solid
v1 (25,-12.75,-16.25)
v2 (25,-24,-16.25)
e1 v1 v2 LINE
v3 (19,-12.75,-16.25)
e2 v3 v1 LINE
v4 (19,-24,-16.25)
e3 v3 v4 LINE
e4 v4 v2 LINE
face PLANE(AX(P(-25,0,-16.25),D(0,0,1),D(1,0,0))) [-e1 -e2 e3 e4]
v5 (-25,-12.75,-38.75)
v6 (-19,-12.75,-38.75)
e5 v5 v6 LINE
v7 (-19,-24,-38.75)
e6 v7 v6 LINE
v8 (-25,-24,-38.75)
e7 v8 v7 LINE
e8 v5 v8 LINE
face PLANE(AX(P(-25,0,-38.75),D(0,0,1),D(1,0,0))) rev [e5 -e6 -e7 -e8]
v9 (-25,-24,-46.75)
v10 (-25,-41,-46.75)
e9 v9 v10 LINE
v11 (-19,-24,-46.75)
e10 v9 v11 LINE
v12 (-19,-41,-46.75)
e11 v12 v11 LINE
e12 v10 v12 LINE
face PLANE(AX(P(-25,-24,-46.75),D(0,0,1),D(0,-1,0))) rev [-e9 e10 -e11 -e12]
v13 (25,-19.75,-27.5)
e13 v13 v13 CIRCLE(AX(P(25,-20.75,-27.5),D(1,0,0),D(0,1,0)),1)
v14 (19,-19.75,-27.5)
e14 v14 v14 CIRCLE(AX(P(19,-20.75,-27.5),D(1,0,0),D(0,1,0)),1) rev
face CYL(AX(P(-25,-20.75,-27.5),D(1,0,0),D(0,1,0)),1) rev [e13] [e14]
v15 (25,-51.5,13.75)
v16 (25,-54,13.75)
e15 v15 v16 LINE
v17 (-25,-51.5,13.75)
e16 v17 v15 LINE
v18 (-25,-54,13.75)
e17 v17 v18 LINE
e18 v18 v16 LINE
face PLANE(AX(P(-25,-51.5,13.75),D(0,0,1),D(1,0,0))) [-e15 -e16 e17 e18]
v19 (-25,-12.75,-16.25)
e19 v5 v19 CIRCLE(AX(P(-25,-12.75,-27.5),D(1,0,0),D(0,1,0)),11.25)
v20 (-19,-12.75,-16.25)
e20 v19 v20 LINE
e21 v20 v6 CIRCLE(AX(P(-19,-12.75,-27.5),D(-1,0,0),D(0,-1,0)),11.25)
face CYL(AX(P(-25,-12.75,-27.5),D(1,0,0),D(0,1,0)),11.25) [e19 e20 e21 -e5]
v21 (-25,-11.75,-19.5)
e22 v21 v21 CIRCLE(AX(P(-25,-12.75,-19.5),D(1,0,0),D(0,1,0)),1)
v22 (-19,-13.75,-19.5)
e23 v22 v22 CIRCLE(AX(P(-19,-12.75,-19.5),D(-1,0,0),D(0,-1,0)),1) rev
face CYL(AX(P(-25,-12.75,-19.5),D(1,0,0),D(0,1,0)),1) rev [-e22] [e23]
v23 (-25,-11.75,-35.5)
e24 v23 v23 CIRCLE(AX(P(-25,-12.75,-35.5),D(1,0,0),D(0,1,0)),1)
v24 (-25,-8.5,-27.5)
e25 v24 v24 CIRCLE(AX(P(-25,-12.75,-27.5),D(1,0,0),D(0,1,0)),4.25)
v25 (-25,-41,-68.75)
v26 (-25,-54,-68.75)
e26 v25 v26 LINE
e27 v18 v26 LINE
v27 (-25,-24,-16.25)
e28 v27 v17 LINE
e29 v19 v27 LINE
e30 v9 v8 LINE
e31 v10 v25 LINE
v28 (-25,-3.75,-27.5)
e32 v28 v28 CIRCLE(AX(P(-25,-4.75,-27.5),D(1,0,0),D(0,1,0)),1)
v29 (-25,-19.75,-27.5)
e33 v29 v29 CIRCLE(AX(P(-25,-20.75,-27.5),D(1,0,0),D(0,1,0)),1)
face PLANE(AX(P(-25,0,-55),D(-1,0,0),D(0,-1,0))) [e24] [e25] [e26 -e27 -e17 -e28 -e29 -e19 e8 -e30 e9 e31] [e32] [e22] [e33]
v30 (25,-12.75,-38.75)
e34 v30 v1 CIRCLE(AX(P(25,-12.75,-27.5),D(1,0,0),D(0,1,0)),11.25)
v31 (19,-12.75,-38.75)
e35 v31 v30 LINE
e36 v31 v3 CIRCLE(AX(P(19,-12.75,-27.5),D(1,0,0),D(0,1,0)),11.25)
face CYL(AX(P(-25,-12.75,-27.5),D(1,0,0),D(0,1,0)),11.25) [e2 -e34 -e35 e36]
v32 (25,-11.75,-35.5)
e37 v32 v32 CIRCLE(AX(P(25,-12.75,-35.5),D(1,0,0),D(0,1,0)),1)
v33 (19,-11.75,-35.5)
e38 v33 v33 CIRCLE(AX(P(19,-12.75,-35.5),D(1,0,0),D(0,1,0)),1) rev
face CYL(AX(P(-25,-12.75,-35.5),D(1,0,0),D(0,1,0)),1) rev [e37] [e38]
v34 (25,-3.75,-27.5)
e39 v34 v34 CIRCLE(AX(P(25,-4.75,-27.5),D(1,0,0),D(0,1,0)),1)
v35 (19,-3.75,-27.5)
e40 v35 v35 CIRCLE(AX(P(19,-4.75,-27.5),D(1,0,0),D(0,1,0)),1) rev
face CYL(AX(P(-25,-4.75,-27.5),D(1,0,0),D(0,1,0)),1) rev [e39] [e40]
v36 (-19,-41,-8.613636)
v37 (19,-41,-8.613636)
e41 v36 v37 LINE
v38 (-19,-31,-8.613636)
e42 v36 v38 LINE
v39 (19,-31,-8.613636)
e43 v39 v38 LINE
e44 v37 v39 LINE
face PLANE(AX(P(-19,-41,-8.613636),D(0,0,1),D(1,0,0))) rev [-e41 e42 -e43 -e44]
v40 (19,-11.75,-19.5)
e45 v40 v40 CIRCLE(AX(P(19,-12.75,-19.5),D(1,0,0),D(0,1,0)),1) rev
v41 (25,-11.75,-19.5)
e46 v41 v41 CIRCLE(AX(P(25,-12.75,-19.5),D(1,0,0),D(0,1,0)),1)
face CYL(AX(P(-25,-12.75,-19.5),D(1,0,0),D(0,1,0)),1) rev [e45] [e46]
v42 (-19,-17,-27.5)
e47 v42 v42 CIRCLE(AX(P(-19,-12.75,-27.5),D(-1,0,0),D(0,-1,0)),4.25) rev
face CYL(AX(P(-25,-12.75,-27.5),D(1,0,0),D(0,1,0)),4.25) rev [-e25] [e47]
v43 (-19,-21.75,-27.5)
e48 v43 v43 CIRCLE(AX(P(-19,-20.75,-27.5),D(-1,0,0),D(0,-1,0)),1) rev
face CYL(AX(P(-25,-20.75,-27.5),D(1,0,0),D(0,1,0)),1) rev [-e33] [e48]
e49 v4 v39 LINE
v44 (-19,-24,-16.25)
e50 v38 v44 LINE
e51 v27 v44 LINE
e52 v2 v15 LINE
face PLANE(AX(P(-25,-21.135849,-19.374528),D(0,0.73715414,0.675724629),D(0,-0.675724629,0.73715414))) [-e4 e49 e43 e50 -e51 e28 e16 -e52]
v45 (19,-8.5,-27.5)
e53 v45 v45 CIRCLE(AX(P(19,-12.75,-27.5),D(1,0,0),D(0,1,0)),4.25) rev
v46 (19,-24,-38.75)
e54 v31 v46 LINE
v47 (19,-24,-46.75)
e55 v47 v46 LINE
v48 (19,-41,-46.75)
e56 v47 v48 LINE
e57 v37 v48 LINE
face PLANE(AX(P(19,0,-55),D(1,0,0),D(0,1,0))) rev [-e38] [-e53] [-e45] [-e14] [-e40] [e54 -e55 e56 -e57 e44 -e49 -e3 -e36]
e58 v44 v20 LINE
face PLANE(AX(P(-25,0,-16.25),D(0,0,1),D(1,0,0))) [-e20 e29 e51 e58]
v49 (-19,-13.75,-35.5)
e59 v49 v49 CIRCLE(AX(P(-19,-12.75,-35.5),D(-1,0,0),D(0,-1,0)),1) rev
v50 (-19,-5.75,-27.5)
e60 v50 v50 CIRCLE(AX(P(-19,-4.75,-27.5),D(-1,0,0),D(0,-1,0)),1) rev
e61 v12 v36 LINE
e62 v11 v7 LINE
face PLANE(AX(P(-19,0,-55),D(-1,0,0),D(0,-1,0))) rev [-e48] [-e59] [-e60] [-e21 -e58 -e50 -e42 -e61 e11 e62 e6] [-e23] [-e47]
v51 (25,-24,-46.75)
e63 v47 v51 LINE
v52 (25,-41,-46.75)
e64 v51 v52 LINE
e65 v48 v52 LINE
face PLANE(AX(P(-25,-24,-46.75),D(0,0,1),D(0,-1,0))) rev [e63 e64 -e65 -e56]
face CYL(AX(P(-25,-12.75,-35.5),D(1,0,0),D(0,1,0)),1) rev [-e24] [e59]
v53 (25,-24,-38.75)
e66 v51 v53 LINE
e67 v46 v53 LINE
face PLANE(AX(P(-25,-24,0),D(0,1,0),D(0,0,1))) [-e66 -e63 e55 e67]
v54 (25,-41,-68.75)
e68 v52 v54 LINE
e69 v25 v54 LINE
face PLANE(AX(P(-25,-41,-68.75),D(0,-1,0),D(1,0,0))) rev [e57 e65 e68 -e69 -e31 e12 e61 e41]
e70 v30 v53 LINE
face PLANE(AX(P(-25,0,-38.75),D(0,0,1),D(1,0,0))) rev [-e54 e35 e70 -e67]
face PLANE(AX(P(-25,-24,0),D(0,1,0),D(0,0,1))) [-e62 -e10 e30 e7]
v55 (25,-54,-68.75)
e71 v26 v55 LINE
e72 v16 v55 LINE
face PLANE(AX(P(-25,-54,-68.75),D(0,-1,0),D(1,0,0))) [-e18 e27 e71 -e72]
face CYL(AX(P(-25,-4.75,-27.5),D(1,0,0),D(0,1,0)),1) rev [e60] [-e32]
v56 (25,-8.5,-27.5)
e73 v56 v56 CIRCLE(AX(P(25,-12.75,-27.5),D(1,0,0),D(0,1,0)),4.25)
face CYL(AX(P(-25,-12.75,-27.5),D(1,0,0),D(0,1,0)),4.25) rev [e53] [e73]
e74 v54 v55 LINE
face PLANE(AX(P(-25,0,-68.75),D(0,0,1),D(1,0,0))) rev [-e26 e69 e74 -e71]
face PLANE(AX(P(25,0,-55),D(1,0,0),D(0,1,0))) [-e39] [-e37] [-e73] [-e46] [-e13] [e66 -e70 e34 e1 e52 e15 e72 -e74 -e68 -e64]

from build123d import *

# Parameters (mm, degrees)
SKETCH1_W           = 50
SKETCH1_H           = 170
BOSS_EXTRUDE1_DEPTH = 55
SKETCH2_W           = 34
SKETCH2_H           = 27
CUT_EXTRUDE1_DEPTH  = 181.416185527
SKETCH3_W           = 10
SKETCH3_H           = 24
SKETCH3_R           = 4.25
SKETCH3_R_2         = 1
CUT_EXTRUDE2_DEPTH  = 186.539753153
SKETCH4_W           = 2
SKETCH4_H           = 24
CUT_EXTRUDE3_DEPTH  = 178.623196683
SKETCH5_W           = 6.25
SKETCH5_H           = 11.25
CUT_EXTRUDE4_DEPTH  = 186.539753153
SKETCH6_W           = 38
SKETCH6_H           = 10
CUT_EXTRUDE5_DEPTH  = 181.416185527
SKETCH8_W           = 13.25
SKETCH8_H           = 2.25
CUT_EXTRUDE7_DEPTH  = 186.539753153
SKETCH9_W           = 34
SKETCH9_H           = 35.25
CUT_EXTRUDE8_DEPTH  = 179.297679458
SKETCH11_W          = 13.25
SKETCH11_H          = 20.25
CUT_EXTRUDE9_DEPTH  = 184.480414486
SKETCH12_W          = 28.5
SKETCH12_H          = 15
BOSS_EXTRUDE2_DEPTH = 8
SKETCH14_W          = 34
SKETCH14_H          = 15
SKETCH14_H_2        = 10.25
BOSS_EXTRUDE3_DEPTH = 13.25
SKETCH16_R          = 4.5
SKETCH16_R_2        = 2.5
CUT_EXTRUDE13_DEPTH = 8
SKETCH17_R          = 4.5
SKETCH17_W          = 55
SKETCH17_H          = 10.25
CUT_EXTRUDE15_DEPTH = 175.384811552
SKETCH18_W          = 71.25
SKETCH18_H          = 27.5
SKETCH18_W_2        = 13.75
SKETCH18_W_3        = 16.25
BOSS_EXTRUDE4_DEPTH = 50
SKETCH19_W          = 38
SKETCH19_H          = 7
CUT_EXTRUDE16_DEPTH = 152.25227271
SKETCH20_W          = 57.5
SKETCH20_H          = 27.5
CUT_EXTRUDE17_DEPTH = 102.137591923
CUT_EXTRUDE18_DEPTH = 100.39221549
SKETCH22_W          = 82.5
SKETCH22_H          = 2.5
BOSS_EXTRUDE5_DEPTH = 50
SKETCH24_W          = 22
SKETCH24_H          = 17
CUT_EXTRUDE19_DEPTH = 101.710289941
SKETCH25_W          = 38
SKETCH25_H          = 38.136363636
CUT_EXTRUDE20_DEPTH = 10


with BuildPart() as part:
    # Sketch1 → Boss-Extrude1 (new body)
    with BuildSketch(Plane.XY):
        with Locations((0, -85)):
            Rectangle(SKETCH1_W, SKETCH1_H)
    extrude(amount=-BOSS_EXTRUDE1_DEPTH)

    # Sketch2 → Cut-Extrude1 (cut, through all)
    with BuildSketch(Plane.XY):
        with Locations((0, -13.5)):
            Rectangle(SKETCH2_W, SKETCH2_H)
    extrude(amount=-CUT_EXTRUDE1_DEPTH, mode=Mode.SUBTRACT)

    # Sketch3 → Cut-Extrude2 (cut, through all)
    with BuildSketch(Plane(origin=(25, 0, 0), x_dir=(0, 0, -1), z_dir=(1, 0, 0))):
        with Locations((50, -12)):
            Rectangle(SKETCH3_W, SKETCH3_H)
        with Locations((5, -12)):
            Rectangle(SKETCH3_W, SKETCH3_H)
        with Locations(Location((27.5, -12.75, 0), (0, 0, 90))):
            Circle(SKETCH3_R)
        with Locations(Location((35.5, -12.75, 0), (0, 0, 90))):
            Circle(SKETCH3_R_2)
        with Locations(Location((27.5, -4.75, 0), (0, 0, 90))):
            Circle(SKETCH3_R_2)
        with Locations(Location((27.5, -20.75, 0), (0, 0, 90))):
            Circle(SKETCH3_R_2)
        with Locations(Location((19.5, -12.75, 0), (0, 0, 90))):
            Circle(SKETCH3_R_2)
    extrude(amount=-CUT_EXTRUDE2_DEPTH, mode=Mode.SUBTRACT)

    # Sketch4 → Cut-Extrude3 (cut, through all)
    with BuildSketch(Plane.XY.offset(-10)):
        with Locations((-18, -12)):
            Rectangle(SKETCH4_W, SKETCH4_H)
        with Locations((18, -12)):
            Rectangle(SKETCH4_W, SKETCH4_H)
    extrude(amount=-CUT_EXTRUDE3_DEPTH, mode=Mode.SUBTRACT)

    # Sketch5 → Cut-Extrude4 (cut, through all)
    with BuildSketch(Plane(origin=(25, 0, 0), x_dir=(0, 0, -1), z_dir=(1, 0, 0))):
        with BuildLine():
            Line((45, 0), (10, 0))
            Line((10, 0), (10, -12.75))
            Line((10, -12.75), (16.25, -12.75))
            ThreePointArc((16.25, -12.75), (27.5, -1.5), (38.75, -12.75))
            Line((38.75, -12.75), (45, -12.75))
            Line((45, -12.75), (45, 0))
        make_face()
        with Locations((13.125, -18.375)):
            Rectangle(SKETCH5_W, SKETCH5_H)
        with Locations((41.875, -18.375)):
            Rectangle(SKETCH5_W, SKETCH5_H)
    extrude(amount=-CUT_EXTRUDE4_DEPTH, mode=Mode.SUBTRACT)

    # Sketch6 → Cut-Extrude5 (cut, through all)
    with BuildSketch(Plane.XY):
        with Locations((0, -29)):
            Rectangle(SKETCH6_W, SKETCH6_H)
    extrude(amount=-CUT_EXTRUDE5_DEPTH, mode=Mode.SUBTRACT)

    # Sketch8 → Cut-Extrude7 (cut, through all)
    with BuildSketch(Plane(origin=(25, 0, 0), x_dir=(0, 0, -1), z_dir=(1, 0, 0))):
        with BuildLine():
            Line((27.5, -157.5), (27.5, -132.5))
            Line((27.5, -132.5), (13.25, -132.5))
            Line((13.25, -132.5), (13.25, -167.75))
            Line((13.25, -167.75), (17.25, -167.75))
            ThreePointArc((17.25, -167.75), (20.252155493, -160.502155493), (27.5, -157.5))
        make_face()
        with BuildLine():
            Line((41.75, -167.75), (41.75, -132.5))
            Line((41.75, -132.5), (27.5, -132.5))
            Line((27.5, -132.5), (27.5, -157.5))
            ThreePointArc((27.5, -157.5), (34.747844507, -160.502155493), (37.75, -167.75))
            Line((37.75, -167.75), (41.75, -167.75))
        make_face()
        with Locations((48.375, -168.875)):
            Rectangle(SKETCH8_W, SKETCH8_H)
        with Locations((6.625, -168.875)):
            Rectangle(SKETCH8_W, SKETCH8_H)
        with BuildLine():
            Line((17.25, -167.75), (13.25, -167.75))
            Line((13.25, -167.75), (13.25, -170))
            Line((13.25, -170), (17.5, -170))
            ThreePointArc((17.5, -170), (17.31269172, -168.881923142), (17.25, -167.75))
        make_face()
        with BuildLine():
            Line((41.75, -170), (41.75, -167.75))
            Line((41.75, -167.75), (37.75, -167.75))
            ThreePointArc((37.75, -167.75), (37.68730828, -168.881923142), (37.5, -170))
            Line((37.5, -170), (41.75, -170))
        make_face()
        with BuildLine():
            Line((27.5, -167.75), (27.5, -157.5))
            ThreePointArc((27.5, -157.5), (20.252155493, -160.502155493), (17.25, -167.75))
            Line((17.25, -167.75), (27.5, -167.75))
        make_face()
        with BuildLine():
            ThreePointArc((37.75, -167.75), (34.747844507, -160.502155493), (27.5, -157.5))
            Line((27.5, -157.5), (27.5, -167.75))
            Line((27.5, -167.75), (37.75, -167.75))
        make_face()
        with BuildLine():
            Line((27.5, -170), (27.5, -167.75))
            Line((27.5, -167.75), (17.25, -167.75))
            ThreePointArc((17.25, -167.75), (17.31269172, -168.881923142), (17.5, -170))
            Line((17.5, -170), (27.5, -170))
        make_face()
        with BuildLine():
            ThreePointArc((37.5, -170), (37.68730828, -168.881923142), (37.75, -167.75))
            Line((37.75, -167.75), (27.5, -167.75))
            Line((27.5, -167.75), (27.5, -170))
            Line((27.5, -170), (37.5, -170))
        make_face()
    extrude(amount=-CUT_EXTRUDE7_DEPTH, mode=Mode.SUBTRACT)

    # Sketch9 → Cut-Extrude8 (cut, through all)
    with BuildSketch(Plane.XY):
        with Locations((0, -150.125)):
            Rectangle(SKETCH9_W, SKETCH9_H)
    extrude(amount=-CUT_EXTRUDE8_DEPTH, mode=Mode.SUBTRACT)

    # Sketch11 → Cut-Extrude9 (cut, through all)
    with BuildSketch(Plane(origin=(25, 0, 0), x_dir=(0, 0, -1), z_dir=(1, 0, 0))):
        with BuildLine():
            ThreePointArc((17.25, -167.75), (20.252155493, -160.502155493), (27.5, -157.5))
            Line((27.5, -157.5), (27.5, -147.5))
            Line((27.5, -147.5), (13.25, -147.5))
            Line((13.25, -147.5), (13.25, -167.75))
            Line((13.25, -167.75), (17.25, -167.75))
        make_face()
        with BuildLine():
            Line((27.5, -147.5), (27.5, -157.5))
            ThreePointArc((27.5, -157.5), (34.747844507, -160.502155493), (37.75, -167.75))
            Line((37.75, -167.75), (41.75, -167.75))
            Line((41.75, -167.75), (41.75, -147.5))
            Line((41.75, -147.5), (27.5, -147.5))
        make_face()
        with Locations((48.375, -157.625)):
            Rectangle(SKETCH11_W, SKETCH11_H)
        with Locations((6.625, -157.625)):
            Rectangle(SKETCH11_W, SKETCH11_H)
    extrude(amount=-CUT_EXTRUDE9_DEPTH, mode=Mode.SUBTRACT)

    # Sketch12 → Boss-Extrude2 (add)
    with BuildSketch(Plane(origin=(25, 0, 0), x_dir=(0, 0, -1), z_dir=(1, 0, 0))):
        with Locations((27.5, -140)):
            Rectangle(SKETCH12_W, SKETCH12_H)
    boss_extrude2 = extrude(amount=-BOSS_EXTRUDE2_DEPTH)

    # Mirror1: Boss-Extrude2 across plane
    add(boss_extrude2.mirror(Plane(origin=(0, 0, 0), x_dir=(0, 0, 1), z_dir=(1, 0, 0))))

    # Sketch14 → Boss-Extrude3 (add)
    with BuildSketch(Plane.XY):
        with Locations((0, -140)):
            Rectangle(SKETCH14_W, SKETCH14_H)
        with Locations((0, -152.625)):
            Rectangle(SKETCH14_W, SKETCH14_H_2)
    boss_extrude3 = extrude(amount=-BOSS_EXTRUDE3_DEPTH)

    # Mirror2: Boss-Extrude3 across plane
    add(boss_extrude3.mirror(Plane.XY.offset(-27.5)))

    # Sketch16 → Cut-Extrude13 (cut)
    # profile 1 of 3: a face of its own
    with BuildSketch(Plane(origin=(25, 0, 0), x_dir=(0, 0, -1), z_dir=(1, 0, 0))):
        with Locations(Location((16.5, -135.75, 0), (0, 0, 90))):
            Circle(SKETCH16_R)
        with Locations((16.5, -135.75)):
            Circle(SKETCH16_R_2, mode=Mode.SUBTRACT)
    # profile 2 of 3: a face of its own
    with BuildSketch(Plane(origin=(25, 0, 0), x_dir=(0, 0, -1), z_dir=(1, 0, 0))):
        with Locations((16.5, -135.75)):
            Circle(SKETCH16_R_2)
    # profile 3 of 3: a face of its own
    with BuildSketch(Plane(origin=(25, 0, 0), x_dir=(0, 0, -1), z_dir=(1, 0, 0))):
        with Locations(Location((38.5, -135.75, 0), (0, 0, 90))):
            Circle(SKETCH16_R)
    cut_extrude13 = extrude(amount=-CUT_EXTRUDE13_DEPTH, mode=Mode.SUBTRACT)

    # Mirror3: Cut-Extrude13 across plane
    add(cut_extrude13.mirror(Plane(origin=(0, 0, 0), x_dir=(0, 0, 1), z_dir=(1, 0, 0))), mode=Mode.SUBTRACT)

    # Sketch17 → Cut-Extrude15 (cut, through all)
    # profile 1 of 4: a face of its own
    with BuildSketch(Plane(origin=(25, 0, 0), x_dir=(0, 0, -1), z_dir=(1, 0, 0))):
        Polygon((55, -51.5), (27.5, -51.5), (0, -51.5), (0, -147.5), (55, -147.5), align=None)
        with Locations((16.5, -135.75)):
            Circle(SKETCH17_R, mode=Mode.SUBTRACT)
        with Locations((38.5, -135.75)):
            Circle(SKETCH17_R, mode=Mode.SUBTRACT)
    # profile 2 of 4: a face of its own
    with BuildSketch(Plane(origin=(25, 0, 0), x_dir=(0, 0, -1), z_dir=(1, 0, 0))):
        with Locations((27.5, -152.625)):
            Rectangle(SKETCH17_W, SKETCH17_H)
    # profile 3 of 4: a face of its own
    with BuildSketch(Plane(origin=(25, 0, 0), x_dir=(0, 0, -1), z_dir=(1, 0, 0))):
        with Locations((38.5, -135.75)):
            Circle(SKETCH17_R)
    # profile 4 of 4: a face of its own
    with BuildSketch(Plane(origin=(25, 0, 0), x_dir=(0, 0, -1), z_dir=(1, 0, 0))):
        with Locations((16.5, -135.75)):
            Circle(SKETCH17_R)
    extrude(amount=-CUT_EXTRUDE15_DEPTH, mode=Mode.SUBTRACT)

    # Sketch18 → Boss-Extrude4 (add)
    with BuildSketch(Plane(origin=(25, 0, 0), x_dir=(0, 0, -1), z_dir=(1, 0, 0))):
        with Locations((-35.625, -37.75)):
            Rectangle(SKETCH18_W, SKETCH18_H)
        with Locations((61.875, -37.75)):
            Rectangle(SKETCH18_W_2, SKETCH18_H)
        Polygon((38.75, -51.5), (38.75, -24), (16.25, -24), (0, -24), (0, -51.5), align=None)
        with Locations((46.875, -37.75)):
            Rectangle(SKETCH18_W_3, SKETCH18_H)
    extrude(amount=-BOSS_EXTRUDE4_DEPTH)

    # Sketch19 → Cut-Extrude16 (cut, through all)
    with BuildSketch(Plane.XY.offset(71.25)):
        with Locations((0, -27.5)):
            Rectangle(SKETCH19_W, SKETCH19_H)
    extrude(amount=-CUT_EXTRUDE16_DEPTH, mode=Mode.SUBTRACT)

    # Sketch20 → Cut-Extrude17 (cut, through all)
    with BuildSketch(Plane(origin=(25, 0, 0), x_dir=(0, 0, -1), z_dir=(1, 0, 0))):
        with Locations((-42.5, -37.75)):
            Rectangle(SKETCH20_W, SKETCH20_H)
    extrude(amount=-CUT_EXTRUDE17_DEPTH, mode=Mode.SUBTRACT)

    # Sketch21 → Cut-Extrude18 (cut, through all)
    with BuildSketch(Plane(origin=(25, 0, 0), x_dir=(0, 0, -1), z_dir=(1, 0, 0))):
        Polygon((16.25, -24), (-13.75, -51.5), (-13.75, -24), align=None)
    extrude(amount=-CUT_EXTRUDE18_DEPTH, mode=Mode.SUBTRACT)

    # Sketch22 → Boss-Extrude5 (add)
    with BuildSketch(Plane(origin=(25, 0, 0), x_dir=(0, 0, -1), z_dir=(1, 0, 0))):
        with Locations((27.5, -52.75)):
            Rectangle(SKETCH22_W, SKETCH22_H)
    extrude(amount=-BOSS_EXTRUDE5_DEPTH)

    # Sketch24 → Cut-Extrude19 (cut, through all)
    with BuildSketch(Plane(origin=(25, 0, 0), x_dir=(0, 0, -1), z_dir=(1, 0, 0))):
        with Locations((57.75, -32.5)):
            Rectangle(SKETCH24_W, SKETCH24_H)
    extrude(amount=-CUT_EXTRUDE19_DEPTH, mode=Mode.SUBTRACT)

    # Sketch25 → Cut-Extrude20 (cut)
    with BuildSketch(Plane(origin=(0, -31, 0), x_dir=(1, 0, 0), z_dir=(0, 1, 0))):
        with Locations((0, 27.681818182)):
            Rectangle(SKETCH25_W, SKETCH25_H)
    extrude(amount=-CUT_EXTRUDE20_DEPTH, mode=Mode.SUBTRACT)


solid = part.part
